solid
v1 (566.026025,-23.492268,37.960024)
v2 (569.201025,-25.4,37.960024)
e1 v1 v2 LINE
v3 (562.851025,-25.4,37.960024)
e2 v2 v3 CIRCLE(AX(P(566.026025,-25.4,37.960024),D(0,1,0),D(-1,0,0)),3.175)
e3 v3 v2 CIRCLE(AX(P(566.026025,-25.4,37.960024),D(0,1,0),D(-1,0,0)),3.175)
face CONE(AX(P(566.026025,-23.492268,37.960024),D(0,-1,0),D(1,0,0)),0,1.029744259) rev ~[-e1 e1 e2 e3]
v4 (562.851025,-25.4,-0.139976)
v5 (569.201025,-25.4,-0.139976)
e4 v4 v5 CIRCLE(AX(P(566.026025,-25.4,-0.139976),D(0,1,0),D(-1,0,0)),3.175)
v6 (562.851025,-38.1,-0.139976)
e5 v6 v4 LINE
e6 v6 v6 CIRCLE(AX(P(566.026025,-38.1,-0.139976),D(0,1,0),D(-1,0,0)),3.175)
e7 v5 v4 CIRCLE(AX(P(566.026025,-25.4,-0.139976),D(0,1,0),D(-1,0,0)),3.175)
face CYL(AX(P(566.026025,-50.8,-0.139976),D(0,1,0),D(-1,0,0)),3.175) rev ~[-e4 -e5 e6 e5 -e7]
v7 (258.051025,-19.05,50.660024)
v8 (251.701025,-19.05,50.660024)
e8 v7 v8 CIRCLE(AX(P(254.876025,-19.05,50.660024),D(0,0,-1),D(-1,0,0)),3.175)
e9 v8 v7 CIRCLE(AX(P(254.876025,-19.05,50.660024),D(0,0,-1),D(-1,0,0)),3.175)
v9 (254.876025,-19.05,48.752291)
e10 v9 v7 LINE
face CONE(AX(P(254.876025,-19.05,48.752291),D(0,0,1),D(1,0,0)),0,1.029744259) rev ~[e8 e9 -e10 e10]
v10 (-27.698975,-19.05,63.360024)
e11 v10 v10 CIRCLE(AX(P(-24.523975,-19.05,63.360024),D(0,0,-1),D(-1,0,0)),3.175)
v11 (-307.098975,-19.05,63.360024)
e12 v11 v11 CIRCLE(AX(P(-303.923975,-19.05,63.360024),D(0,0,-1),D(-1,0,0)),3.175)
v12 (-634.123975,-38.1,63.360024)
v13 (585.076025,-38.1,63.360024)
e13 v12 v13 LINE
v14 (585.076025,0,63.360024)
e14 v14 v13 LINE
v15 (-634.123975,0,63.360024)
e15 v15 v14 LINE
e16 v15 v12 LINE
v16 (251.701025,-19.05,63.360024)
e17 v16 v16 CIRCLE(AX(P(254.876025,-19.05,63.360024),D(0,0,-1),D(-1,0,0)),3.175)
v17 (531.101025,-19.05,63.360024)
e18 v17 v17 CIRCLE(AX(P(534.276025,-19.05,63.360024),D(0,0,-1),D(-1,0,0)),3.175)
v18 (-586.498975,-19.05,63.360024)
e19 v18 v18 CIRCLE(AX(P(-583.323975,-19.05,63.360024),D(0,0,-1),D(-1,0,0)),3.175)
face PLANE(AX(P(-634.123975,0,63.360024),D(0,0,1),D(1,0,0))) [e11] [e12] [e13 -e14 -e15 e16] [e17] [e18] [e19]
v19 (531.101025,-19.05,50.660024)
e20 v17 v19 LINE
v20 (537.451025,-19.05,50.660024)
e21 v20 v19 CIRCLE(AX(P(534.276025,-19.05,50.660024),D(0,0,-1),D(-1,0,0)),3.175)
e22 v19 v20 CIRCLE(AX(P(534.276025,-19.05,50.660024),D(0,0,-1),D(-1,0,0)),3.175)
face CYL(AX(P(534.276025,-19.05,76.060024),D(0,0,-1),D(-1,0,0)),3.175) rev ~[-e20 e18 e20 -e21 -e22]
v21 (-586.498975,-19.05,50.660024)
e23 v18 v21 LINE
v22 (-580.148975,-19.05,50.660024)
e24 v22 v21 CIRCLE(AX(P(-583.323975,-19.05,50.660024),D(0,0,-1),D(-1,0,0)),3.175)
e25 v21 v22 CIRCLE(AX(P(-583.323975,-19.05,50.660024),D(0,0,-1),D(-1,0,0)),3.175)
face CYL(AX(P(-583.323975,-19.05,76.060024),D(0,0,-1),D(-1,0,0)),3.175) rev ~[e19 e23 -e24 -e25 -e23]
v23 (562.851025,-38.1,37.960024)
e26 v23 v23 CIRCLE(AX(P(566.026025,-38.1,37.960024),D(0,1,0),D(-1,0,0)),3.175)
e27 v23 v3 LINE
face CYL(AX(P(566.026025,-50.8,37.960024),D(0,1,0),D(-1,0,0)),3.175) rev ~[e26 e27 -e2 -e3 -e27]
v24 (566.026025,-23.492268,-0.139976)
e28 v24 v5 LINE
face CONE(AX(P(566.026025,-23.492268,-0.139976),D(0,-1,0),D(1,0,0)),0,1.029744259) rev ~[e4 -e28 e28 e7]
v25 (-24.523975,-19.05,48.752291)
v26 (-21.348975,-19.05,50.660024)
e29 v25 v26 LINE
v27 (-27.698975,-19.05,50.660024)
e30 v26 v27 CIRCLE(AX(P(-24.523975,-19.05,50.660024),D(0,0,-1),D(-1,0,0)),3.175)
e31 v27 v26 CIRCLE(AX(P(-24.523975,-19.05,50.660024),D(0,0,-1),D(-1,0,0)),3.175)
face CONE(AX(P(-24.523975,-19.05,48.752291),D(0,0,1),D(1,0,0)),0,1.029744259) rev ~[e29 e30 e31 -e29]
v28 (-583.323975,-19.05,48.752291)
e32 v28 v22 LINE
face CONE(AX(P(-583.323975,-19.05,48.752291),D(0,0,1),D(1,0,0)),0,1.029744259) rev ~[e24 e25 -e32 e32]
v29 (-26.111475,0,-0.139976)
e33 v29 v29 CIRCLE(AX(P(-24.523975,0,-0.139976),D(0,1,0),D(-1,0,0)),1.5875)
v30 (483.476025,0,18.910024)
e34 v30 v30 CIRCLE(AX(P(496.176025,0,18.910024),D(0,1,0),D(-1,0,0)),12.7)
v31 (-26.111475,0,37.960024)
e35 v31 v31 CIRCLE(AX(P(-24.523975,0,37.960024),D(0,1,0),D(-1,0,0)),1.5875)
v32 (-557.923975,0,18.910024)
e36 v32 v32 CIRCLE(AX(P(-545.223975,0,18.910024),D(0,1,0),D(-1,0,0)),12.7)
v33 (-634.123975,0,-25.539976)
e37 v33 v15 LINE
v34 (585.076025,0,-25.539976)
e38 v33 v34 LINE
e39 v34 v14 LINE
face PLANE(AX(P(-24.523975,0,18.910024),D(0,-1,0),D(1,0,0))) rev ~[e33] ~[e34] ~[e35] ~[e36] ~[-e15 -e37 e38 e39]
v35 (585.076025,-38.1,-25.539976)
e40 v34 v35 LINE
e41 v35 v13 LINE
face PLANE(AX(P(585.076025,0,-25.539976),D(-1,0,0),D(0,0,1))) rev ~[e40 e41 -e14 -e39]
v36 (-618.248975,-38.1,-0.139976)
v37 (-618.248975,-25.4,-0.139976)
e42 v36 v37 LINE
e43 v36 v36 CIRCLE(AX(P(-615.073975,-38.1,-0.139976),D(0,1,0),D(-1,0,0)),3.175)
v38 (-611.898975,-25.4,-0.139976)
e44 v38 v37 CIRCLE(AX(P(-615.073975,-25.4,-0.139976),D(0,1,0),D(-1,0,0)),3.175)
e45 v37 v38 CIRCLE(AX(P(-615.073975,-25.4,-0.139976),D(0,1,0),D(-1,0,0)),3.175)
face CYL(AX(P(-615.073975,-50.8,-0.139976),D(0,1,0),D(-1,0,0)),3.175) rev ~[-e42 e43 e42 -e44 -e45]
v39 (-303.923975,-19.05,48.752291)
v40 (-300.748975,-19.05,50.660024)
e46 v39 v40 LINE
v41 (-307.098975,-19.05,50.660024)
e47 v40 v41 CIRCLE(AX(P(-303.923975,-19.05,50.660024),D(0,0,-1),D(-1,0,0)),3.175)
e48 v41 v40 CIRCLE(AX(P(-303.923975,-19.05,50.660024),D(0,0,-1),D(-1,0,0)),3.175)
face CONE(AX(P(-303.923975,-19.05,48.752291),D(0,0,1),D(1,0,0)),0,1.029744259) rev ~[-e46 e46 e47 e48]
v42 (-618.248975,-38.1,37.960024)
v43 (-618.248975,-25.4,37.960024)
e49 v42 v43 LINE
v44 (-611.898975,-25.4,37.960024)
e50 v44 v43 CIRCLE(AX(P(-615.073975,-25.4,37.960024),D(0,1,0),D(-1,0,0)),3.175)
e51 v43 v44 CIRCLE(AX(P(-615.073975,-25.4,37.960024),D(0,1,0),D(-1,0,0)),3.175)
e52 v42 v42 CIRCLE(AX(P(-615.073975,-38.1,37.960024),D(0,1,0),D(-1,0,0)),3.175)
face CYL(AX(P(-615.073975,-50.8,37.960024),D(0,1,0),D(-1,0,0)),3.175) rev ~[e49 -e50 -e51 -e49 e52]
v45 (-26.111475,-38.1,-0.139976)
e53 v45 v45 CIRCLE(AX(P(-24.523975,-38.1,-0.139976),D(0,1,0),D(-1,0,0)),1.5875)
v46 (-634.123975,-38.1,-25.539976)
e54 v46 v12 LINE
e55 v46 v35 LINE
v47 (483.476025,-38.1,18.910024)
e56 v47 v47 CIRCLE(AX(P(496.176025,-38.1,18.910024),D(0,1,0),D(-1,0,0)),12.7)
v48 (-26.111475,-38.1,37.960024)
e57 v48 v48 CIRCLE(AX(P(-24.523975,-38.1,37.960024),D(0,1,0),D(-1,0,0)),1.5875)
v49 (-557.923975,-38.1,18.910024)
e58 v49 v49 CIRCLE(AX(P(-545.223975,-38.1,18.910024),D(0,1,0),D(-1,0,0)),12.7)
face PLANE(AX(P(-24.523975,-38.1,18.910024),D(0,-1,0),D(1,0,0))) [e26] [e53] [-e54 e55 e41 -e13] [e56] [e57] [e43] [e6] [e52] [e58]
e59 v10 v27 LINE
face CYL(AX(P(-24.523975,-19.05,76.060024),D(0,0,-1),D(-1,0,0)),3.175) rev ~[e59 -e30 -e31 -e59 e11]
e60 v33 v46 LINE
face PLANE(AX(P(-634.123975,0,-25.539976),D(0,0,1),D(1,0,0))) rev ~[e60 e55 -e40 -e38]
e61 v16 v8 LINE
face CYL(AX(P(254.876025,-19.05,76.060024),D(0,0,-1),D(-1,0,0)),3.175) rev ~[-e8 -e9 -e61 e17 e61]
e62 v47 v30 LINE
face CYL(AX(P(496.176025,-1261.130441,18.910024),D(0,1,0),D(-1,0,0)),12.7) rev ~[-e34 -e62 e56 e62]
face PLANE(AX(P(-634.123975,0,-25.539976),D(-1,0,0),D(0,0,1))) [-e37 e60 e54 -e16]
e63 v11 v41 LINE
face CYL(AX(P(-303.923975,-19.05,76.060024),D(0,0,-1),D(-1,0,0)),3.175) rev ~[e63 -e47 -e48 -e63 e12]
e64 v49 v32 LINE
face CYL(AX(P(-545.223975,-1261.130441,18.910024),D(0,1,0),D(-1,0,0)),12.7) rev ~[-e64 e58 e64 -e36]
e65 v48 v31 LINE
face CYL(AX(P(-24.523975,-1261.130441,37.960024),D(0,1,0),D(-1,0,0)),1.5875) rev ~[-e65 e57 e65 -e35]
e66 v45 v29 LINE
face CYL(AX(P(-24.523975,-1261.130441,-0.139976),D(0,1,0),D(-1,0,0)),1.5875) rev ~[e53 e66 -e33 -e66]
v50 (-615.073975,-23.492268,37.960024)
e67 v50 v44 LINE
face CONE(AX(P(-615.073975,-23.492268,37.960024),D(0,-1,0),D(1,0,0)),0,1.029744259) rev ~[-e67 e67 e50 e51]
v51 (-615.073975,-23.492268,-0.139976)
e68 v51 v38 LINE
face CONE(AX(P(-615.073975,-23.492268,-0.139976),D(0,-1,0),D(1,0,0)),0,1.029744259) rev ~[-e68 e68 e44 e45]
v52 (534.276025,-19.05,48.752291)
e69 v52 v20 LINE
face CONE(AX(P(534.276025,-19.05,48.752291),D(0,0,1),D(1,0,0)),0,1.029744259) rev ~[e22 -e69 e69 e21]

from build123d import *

# Parameters (mm, degrees)
F0_W     = 1219.2
F0_H     = 88.9
F1_DEPTH = 38.1
F3_D     = 6.35
F3_DEPTH = 12.7
F3_TIP   = 1.9077324654
F5_D     = 6.35
F5_DEPTH = 12.7
F5_TIP   = 1.9077324654
F7_D     = 25.4
F9_D     = 3.175


with BuildPart() as f1:
    # F0 (on Front) → F1 (new body)
    with BuildSketch(Plane.XZ):
        with Locations((-24.523974567, 18.9100238495)):
            Rectangle(F0_W, F0_H)
    extrude(amount=F1_DEPTH)

    # F3
    with Locations(Plane.XZ.offset(38.1)):
        with Locations((566.026025433, 37.9600238495), (566.026025433, -0.1399761505), (-615.073974567, 37.9600238495), (-615.073974567, -0.1399761505)):
            Hole(F3_D / 2, depth=F3_DEPTH)
            with Locations((0, 0, -(F3_DEPTH + F3_TIP / 2))):  # 118° drill point
                Cone(0, F3_D / 2, F3_TIP, mode=Mode.SUBTRACT)

    # F5
    with Locations(Plane.XY.offset(63.3600238495)):
        with Locations((-583.323974567, -19.05), (-303.923974567, -19.05), (-24.523974567, -19.05), (254.876025433, -19.05), (534.276025433, -19.05)):
            Hole(F5_D / 2, depth=F5_DEPTH)
            with Locations((0, 0, -(F5_DEPTH + F5_TIP / 2))):  # 118° drill point
                Cone(0, F5_D / 2, F5_TIP, mode=Mode.SUBTRACT)

    # F7 (through all)
    with Locations(Plane.XZ.offset(38.1)):
        with Locations((-545.223974567, 18.9100238495), (496.176025433, 18.9100238495)):
            Hole(F7_D / 2)

    # F9 (through all)
    with Locations(Plane.XZ.offset(38.1)):
        with Locations((-24.523974567, 37.9600238495), (-24.523974567, -0.1399761505)):
            Hole(F9_D / 2)


solid = f1.part
